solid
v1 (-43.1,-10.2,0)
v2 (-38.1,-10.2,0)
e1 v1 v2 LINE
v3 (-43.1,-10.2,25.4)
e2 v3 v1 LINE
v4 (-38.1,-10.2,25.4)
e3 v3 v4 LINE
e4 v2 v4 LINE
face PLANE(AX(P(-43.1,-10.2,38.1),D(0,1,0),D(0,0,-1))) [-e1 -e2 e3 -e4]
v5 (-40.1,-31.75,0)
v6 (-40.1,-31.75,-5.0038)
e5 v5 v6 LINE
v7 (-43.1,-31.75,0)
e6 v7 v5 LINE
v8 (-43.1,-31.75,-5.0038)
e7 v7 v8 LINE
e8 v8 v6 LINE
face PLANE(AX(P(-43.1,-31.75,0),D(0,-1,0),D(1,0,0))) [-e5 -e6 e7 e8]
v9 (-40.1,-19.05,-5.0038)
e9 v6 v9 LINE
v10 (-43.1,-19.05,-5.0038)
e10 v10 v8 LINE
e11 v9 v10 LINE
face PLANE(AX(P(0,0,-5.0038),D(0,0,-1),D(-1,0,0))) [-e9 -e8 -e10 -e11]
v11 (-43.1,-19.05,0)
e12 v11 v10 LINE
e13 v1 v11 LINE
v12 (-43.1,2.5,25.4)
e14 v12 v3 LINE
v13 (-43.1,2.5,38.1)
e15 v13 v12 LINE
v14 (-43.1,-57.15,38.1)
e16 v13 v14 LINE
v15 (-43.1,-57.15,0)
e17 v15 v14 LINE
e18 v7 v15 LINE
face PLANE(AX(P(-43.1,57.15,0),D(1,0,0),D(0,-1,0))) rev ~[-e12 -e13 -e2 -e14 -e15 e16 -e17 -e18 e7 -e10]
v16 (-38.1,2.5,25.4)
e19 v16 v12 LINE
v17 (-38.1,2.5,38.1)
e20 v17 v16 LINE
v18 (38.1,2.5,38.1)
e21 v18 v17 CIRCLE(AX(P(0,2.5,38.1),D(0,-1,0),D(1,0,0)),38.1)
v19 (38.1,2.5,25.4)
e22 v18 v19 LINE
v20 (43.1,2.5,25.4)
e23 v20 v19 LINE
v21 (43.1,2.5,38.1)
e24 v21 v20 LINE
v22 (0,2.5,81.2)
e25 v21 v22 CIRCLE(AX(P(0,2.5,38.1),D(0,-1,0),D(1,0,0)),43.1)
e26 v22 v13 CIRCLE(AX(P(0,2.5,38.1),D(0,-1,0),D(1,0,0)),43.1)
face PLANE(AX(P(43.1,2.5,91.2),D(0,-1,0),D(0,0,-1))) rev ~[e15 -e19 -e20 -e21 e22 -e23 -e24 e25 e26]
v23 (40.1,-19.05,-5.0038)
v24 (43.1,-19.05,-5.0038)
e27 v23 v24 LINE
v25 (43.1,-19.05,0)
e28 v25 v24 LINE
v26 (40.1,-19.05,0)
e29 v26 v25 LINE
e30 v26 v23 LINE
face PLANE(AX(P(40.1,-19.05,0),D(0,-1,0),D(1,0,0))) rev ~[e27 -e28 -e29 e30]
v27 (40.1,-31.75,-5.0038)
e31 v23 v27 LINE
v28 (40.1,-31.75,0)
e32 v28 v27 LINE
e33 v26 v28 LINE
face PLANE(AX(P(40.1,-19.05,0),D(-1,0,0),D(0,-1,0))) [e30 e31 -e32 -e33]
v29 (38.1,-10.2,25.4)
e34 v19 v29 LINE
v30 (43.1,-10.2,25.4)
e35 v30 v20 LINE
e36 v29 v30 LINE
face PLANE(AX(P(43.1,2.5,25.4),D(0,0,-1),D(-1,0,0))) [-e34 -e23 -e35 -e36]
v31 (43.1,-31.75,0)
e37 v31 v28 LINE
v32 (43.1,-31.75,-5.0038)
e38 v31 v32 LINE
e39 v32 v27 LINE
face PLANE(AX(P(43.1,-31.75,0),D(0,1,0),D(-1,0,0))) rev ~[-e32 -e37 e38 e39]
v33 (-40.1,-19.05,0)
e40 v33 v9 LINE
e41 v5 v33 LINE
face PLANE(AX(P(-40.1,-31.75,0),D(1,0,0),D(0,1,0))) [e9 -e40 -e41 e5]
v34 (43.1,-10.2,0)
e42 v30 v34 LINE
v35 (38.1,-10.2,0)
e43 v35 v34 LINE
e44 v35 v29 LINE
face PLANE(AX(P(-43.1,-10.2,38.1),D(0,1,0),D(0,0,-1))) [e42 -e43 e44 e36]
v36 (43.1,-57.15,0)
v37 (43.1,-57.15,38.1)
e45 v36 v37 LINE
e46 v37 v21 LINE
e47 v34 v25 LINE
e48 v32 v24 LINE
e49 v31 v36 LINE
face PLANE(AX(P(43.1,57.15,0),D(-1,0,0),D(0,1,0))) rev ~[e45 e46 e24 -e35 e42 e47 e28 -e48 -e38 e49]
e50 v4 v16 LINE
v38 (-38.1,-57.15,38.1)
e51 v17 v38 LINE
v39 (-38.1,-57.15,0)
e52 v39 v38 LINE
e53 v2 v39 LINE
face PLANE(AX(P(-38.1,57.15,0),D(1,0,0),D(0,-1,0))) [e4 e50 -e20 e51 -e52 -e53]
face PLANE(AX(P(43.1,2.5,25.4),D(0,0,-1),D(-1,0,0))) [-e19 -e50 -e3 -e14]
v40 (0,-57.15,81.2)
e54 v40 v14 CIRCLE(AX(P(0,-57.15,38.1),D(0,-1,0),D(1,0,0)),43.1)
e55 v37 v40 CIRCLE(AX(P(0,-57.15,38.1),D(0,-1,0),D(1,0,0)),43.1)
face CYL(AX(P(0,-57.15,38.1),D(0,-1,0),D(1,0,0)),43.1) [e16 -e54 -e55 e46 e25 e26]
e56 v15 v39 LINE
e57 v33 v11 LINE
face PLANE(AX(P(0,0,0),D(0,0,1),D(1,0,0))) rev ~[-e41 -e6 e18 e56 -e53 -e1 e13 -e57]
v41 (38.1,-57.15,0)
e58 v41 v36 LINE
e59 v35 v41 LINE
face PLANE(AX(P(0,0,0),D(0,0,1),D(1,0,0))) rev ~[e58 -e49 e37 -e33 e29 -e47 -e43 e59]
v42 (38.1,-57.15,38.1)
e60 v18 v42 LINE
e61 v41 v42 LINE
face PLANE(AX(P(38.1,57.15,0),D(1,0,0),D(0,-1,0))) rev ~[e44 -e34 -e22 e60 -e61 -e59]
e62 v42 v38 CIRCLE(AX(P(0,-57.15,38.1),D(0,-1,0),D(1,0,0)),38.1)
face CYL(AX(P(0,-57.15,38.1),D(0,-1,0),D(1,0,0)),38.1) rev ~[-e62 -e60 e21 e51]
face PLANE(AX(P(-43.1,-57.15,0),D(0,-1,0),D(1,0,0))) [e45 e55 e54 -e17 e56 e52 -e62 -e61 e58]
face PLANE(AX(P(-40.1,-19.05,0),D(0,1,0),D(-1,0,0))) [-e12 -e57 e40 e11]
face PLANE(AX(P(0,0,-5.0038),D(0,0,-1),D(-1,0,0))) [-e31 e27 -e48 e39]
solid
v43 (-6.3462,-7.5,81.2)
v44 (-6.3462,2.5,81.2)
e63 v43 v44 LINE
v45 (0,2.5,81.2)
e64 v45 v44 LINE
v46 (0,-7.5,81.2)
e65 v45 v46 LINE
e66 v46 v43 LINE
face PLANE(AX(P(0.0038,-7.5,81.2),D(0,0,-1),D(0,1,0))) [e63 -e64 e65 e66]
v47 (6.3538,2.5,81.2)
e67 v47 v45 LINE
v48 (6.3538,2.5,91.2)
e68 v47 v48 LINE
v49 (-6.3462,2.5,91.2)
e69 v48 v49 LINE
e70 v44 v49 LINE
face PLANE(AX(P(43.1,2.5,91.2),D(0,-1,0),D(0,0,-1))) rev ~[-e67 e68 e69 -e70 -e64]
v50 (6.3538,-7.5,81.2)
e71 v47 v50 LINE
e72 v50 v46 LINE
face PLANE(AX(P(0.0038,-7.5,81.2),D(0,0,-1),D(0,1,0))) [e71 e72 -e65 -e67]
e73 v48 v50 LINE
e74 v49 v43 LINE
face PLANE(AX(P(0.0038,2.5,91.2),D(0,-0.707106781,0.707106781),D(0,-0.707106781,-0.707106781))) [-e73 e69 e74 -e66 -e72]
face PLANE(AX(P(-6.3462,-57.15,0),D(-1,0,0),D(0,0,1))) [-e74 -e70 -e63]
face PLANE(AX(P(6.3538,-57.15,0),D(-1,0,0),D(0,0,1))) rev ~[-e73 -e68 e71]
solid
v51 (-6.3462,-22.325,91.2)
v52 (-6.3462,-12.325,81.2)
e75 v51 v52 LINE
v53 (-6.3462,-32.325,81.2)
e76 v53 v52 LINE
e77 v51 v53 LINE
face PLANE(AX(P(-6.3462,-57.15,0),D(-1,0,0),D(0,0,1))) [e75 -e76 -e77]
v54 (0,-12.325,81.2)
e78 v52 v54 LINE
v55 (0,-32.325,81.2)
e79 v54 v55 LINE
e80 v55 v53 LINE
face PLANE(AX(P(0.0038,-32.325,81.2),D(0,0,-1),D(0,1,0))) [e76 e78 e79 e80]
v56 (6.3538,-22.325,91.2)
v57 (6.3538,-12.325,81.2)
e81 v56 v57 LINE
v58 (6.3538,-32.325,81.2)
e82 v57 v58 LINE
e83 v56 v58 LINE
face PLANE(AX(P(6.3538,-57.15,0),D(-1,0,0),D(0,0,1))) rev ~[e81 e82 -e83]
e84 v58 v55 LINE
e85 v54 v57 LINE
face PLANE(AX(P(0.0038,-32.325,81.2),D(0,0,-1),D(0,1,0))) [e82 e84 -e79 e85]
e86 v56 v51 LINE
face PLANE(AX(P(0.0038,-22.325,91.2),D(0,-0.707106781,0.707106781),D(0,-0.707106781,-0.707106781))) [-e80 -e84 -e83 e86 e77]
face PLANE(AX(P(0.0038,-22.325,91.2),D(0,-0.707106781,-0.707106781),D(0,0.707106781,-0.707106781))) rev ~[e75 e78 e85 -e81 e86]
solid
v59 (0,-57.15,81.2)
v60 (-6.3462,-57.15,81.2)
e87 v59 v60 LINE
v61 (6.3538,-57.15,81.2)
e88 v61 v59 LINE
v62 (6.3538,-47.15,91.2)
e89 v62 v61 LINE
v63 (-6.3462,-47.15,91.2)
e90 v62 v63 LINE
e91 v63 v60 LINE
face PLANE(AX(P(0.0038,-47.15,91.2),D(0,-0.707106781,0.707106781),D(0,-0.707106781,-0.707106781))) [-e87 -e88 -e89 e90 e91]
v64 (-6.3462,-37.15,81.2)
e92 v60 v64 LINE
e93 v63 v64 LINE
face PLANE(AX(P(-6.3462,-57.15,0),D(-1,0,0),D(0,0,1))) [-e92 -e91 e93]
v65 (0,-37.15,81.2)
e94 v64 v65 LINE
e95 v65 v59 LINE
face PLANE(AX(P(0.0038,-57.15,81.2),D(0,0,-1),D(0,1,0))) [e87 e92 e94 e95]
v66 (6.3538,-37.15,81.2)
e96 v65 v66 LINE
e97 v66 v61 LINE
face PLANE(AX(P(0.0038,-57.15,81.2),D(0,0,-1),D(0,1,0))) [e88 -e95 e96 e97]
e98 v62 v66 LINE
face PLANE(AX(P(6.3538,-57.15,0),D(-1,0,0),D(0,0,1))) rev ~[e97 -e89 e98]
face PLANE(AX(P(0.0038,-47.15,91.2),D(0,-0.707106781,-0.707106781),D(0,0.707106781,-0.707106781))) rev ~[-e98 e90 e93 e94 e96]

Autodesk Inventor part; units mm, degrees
ref_plane "YZ Plane" through (0, 0, 0) normal (1, 0, 0) x (0, 1, 0)
ref_plane "XZ Plane" through (0, 0, 0) normal (0, 1, 0) x (-1, 0, 0)
sketch "Sketch1" plane through (0, 0, 0) normal (0, 0, 1) x (1, 0, 0)
  arc A0 (-38.1, -57.15) -> (38.1, -57.15) centre (0, -57.15) ccw projected
  line L0 (38.1, -57.15) -> (43.1, -57.15) projected
  line L1 (43.1, -57.15) -> (43.1, 62.15) projected
  line L2 (43.1, 62.15) -> (-43.1, 62.15) projected
  line L3 (-43.1, 62.15) -> (-43.1, -57.15) projected
  line L4 (-43.1, -57.15) -> (-38.1, -57.15) projected
  line L5 (14, 57.15) -> (-14, 57.15) projected
  line L6 (14, 57.15) -> (14, 54.15) projected
  line L7 (14, 54.15) -> (-10.002, 54.15) projected
  line L8 (-10.002, 54.15) -> (-10.002, 53.078) projected
  line L9 (-10.002, 53.078) -> (-14, 53.078) projected
  line L10 (-14, 53.078) -> (-14, 57.15) projected
  line L11 (10.16, -7.55) -> (-10.16, -7.55) projected
  line L12 (-10.16, -7.55) -> (-10.16, 9.15) projected
  line L13 (-10.16, 9.15) -> (10.16, 9.15) projected
  line L14 (10.16, 9.15) -> (10.16, -7.55) projected
  circle A1 centre (0, -77.15) radius 5 projected
  line L15 (-19.058, -20.782) -> (-19.058, -16.21) projected
  line L16 (-19.058, -16.21) -> (-17.058, -16.21) projected
  line L17 (-17.058, -16.21) -> (-17.058, -22.782) projected
  line L18 (-17.058, -22.782) -> (-24.598, -22.782) projected
  line L19 (-24.598, -22.782) -> (-24.598, -16.21) projected
  line L20 (-24.598, -16.21) -> (-22.598, -16.21) projected
  line L21 (-22.598, -16.21) -> (-22.598, -20.782) projected
  line L22 (-22.598, -20.782) -> (-19.058, -20.782) projected
  line L23 (-19.058, 7.65) -> (-19.058, 12.222) projected
  line L24 (-19.058, 12.222) -> (-22.598, 12.222) projected
  line L25 (-22.598, 12.222) -> (-22.598, 7.65) projected
  line L26 (-22.598, 7.65) -> (-24.598, 7.65) projected
  line L27 (-24.598, 7.65) -> (-24.598, 14.222) projected
  line L28 (-24.598, 14.222) -> (-17.058, 14.222) projected
  line L29 (-17.058, 14.222) -> (-17.058, 7.65) projected
  line L30 (-17.058, 7.65) -> (-19.058, 7.65) projected
  line L31 (-6.662, 29.218) -> (-6.662, 22.4) projected
  line L32 (-6.662, 22.4) -> (7.275, 22.4) projected
  line L33 (7.275, 22.4) -> (7.275, 19.4) projected
  line L34 (7.275, 19.4) -> (-14.202, 19.4) projected
  line L35 (-14.202, 19.4) -> (-14.202, 29.218) projected
  line L36 (-14.202, 29.218) -> (-12.202, 29.218) projected
  line L37 (-12.202, 29.218) -> (-12.202, 29.221) projected
  line L38 (-12.202, 29.221) -> (-8.662, 29.221) projected
  line L39 (-8.662, 29.221) -> (-8.662, 29.218) projected
  line L40 (-8.662, 29.218) -> (-6.662, 29.218) projected
  line L41 (38.1, -57.15) -> (43.1, -57.15)
  line L42 (43.1, -57.15) -> (43.1, 62.15)
  line L43 (43.1, 62.15) -> (38.1, 62.15)
  line L44 (38.1, 62.15) -> (38.1, -57.15)
  line L45 (-38.1, -57.15) -> (-43.1, -57.15)
  line L46 (-43.1, -57.15) -> (-43.1, 62.15)
  line L47 (-43.1, 62.15) -> (-38.1, 62.15)
  line L48 (-38.1, 62.15) -> (-38.1, -57.15)
  line L49 (-43.1, 62.15) -> (-43.1, 57.15)
  line L50 (-43.1, 57.15) -> (43.1, 57.15)
  line L51 (43.1, 57.15) -> (-43.1, 57.15)
  line L52 (-43.1, 57.15) -> (-43.1, 62.15)
  line L53 (-43.1, 62.15) -> (43.1, 62.15)
  line L54 (43.1, 62.15) -> (43.1, 57.15)
  point P0 (0, 0)
  dimension "d0" = 5
extrude "Extrusion1" add sketch "Sketch1" along normal blind 38.1 contours L4 L3 L50 L48 | L44 L50 L1 L0 | L50 L3 L2 L48 | L48 L2 L44 L50 L5 | L44 L2 L1 L50
sketch "Sketch2" plane through (-43.1, -57.15, 0) normal (0, -1, 0) x (1, 0, 0)
  line L0 (5, 38.1) -> (81.2, 38.1) projected
  arc A0 (81.2, 38.1) -> (5, 38.1) centre (43.1, 38.1) ccw
  line L1 (0, 38.1) -> (5, 38.1) projected
  arc A1 (86.2, 38.1) -> (0, 38.1) centre (43.1, 38.1) ccw
  line L2 (0, 38.1) -> (5, 38.1)
  line L3 (81.2, 38.1) -> (86.2, 38.1) projected
  line L4 (81.2, 38.1) -> (86.2, 38.1)
  point P0 (43.1, 0)
extrude "Extrusion2" add sketch "Sketch2" against normal blind 119.3 contours L1 A1 L3 A0
sketch "Sketch3" plane through (-43.1, 62.15, 0) normal (0, 1, 0) x (1, 0, 0)
  arc A0 (5, -38.1) -> (81.2, -38.1) centre (43.1, -38.1) ccw projected
  line L0 (81.2, -38.1) -> (5, -38.1) projected
  point P0 (43.1, 0)
extrude "Extrusion3" add sketch "Sketch3" against normal blind 5
sketch "Sketch4" plane through (-43.1, 62.15, 0) normal (0, 1, 0) x (1, 0, 0)
  circle A0 centre (43.1, -23.375) radius 3.275 projected
  point P0 (43.1, 0)
extrude "Extrusion4" cut sketch "Sketch4" against normal blind 5
ref_plane "Work Plane1" through (0.0038, -57.15, 0) normal (-1, 0, 0) x (0, 0, 1)
sketch "Sketch5" plane through (0.0038, -57.15, 0) normal (-1, 0, 0) x (0, 0, 1)
  point P0 (0, 57.15)
sketch "Sketch6" plane through (0.0038, -57.15, 0) normal (-1, 0, 0) x (0, 0, 1)
  line L0 (81.2, 0) -> (81.2, 119.3) projected
  line L1 (81.2, 119.3) -> (81.2, 99.3)
  line L2 (81.2, 109.3) -> (91.2, 109.3)
  line L3 (91.2, 109.3) -> (81.2, 119.3)
  line L4 (91.2, 109.3) -> (81.2, 99.3)
  line L5 (91.2, 84.475) -> (81.2, 74.475)
  line L6 (81.2, 84.475) -> (91.2, 84.475)
  line L7 (81.2, 94.475) -> (81.2, 74.475)
  line L8 (91.2, 84.475) -> (81.2, 94.475)
  line L9 (91.2, 59.65) -> (81.2, 49.65)
  line L10 (81.2, 59.65) -> (91.2, 59.65)
  line L11 (81.2, 69.65) -> (81.2, 49.65)
  line L12 (91.2, 59.65) -> (81.2, 69.65)
  line L13 (91.2, 34.825) -> (81.2, 24.825)
  line L14 (81.2, 34.825) -> (91.2, 34.825)
  line L15 (81.2, 44.825) -> (81.2, 24.825)
  line L16 (91.2, 34.825) -> (81.2, 44.825)
  line L17 (91.2, 10) -> (81.2, 0)
  line L18 (81.2, 10) -> (91.2, 10)
  line L19 (81.2, 20) -> (81.2, 0)
  line L20 (91.2, 10) -> (81.2, 20)
  point P0 (0, 57.15)
  dimension "d10" = 20
  dimension "d11" = 10
  dimension "d14" = 24.825
extrude "Extrusion5" add sketch "Sketch6" along normal mid plane 12.7
sketch "Sketch8" plane through (0, 0, 0) normal (0, 0, -1) x (-1, 0, 0)
  line L0 (40.1, 24.05) -> (40.1, 36.75) projected
  line L1 (40.1, -31.75) -> (40.1, -19.05) projected
  line L2 (-40.1, 36.75) -> (-40.1, 24.05) projected
  line L3 (-40.1, -19.05) -> (-40.1, -31.75) projected
  line L4 (43.1, 62.15) -> (43.1, -57.15) projected
  line L5 (40.1, 36.75) -> (43.1, 36.75)
  line L6 (43.1, 36.75) -> (43.1, 24.05)
  line L7 (43.1, 24.05) -> (40.1, 24.05)
  line L8 (40.1, 24.05) -> (40.1, 36.75)
  line L9 (40.1, -19.05) -> (43.1, -19.05)
  line L10 (43.1, -19.05) -> (43.1, -31.75)
  line L11 (43.1, -31.75) -> (40.1, -31.75)
  line L12 (40.1, -31.75) -> (40.1, -19.05)
  line L13 (-43.1, -57.15) -> (-43.1, 62.15) projected
  line L14 (-40.1, -19.05) -> (-43.1, -19.05)
  line L15 (-43.1, -19.05) -> (-43.1, -31.75)
  line L16 (-43.1, -31.75) -> (-40.1, -31.75)
  line L17 (-40.1, -31.75) -> (-40.1, -19.05)
  line L18 (-40.1, 24.05) -> (-43.1, 24.05)
  line L19 (-43.1, 24.05) -> (-43.1, 36.75)
  line L20 (-43.1, 36.75) -> (-40.1, 36.75)
  line L21 (-40.1, 36.75) -> (-40.1, 24.05)
  point P0 (0, 0)
extrude "Extrusion6" add sketch "Sketch8" along normal blind 5.0038
sketch "Sketch9" plane through (43.1, -57.15, 38.1) normal (1, 0, 0) x (0, 0, -1)
  line L0 (-53.1, 59.65) -> (-43.1, 69.65) projected
  line L1 (-53.1, 59.65) -> (78.849, 59.65)
  line L2 (78.849, 59.65) -> (83.1956, -43.5453)
  line L3 (83.1956, -43.5453) -> (-80.8871, -47.5296)
  line L4 (-80.8871, -47.5296) -> (-53.1, 59.65)
  line L5 (-53.1, 59.65) -> (-110.6171, 127.1671)
  line L6 (-110.6171, 127.1671) -> (38.1, 222.9682)
  line L7 (38.1, 222.9682) -> (78.849, 59.65)
  point P0 (38.1, 57.15)
extrude "Extrusion7" cut sketch "Sketch9" against normal blind 2540 contours L5 L6 L7 L1
sketch "Sketch10" plane through (-43.1, -57.15, 0) normal (-1, 0, 0) x (0, 0, 1)
  line L0 (38.1, 59.65) -> (0, 59.65) projected
  line L1 (0, 59.65) -> (38.1, 59.65)
  line L2 (38.1, 59.65) -> (38.1, 46.95)
  line L3 (38.1, 46.95) -> (0, 46.95)
  line L4 (0, 46.95) -> (0, 59.65)
  point P0 (0, 57.15)
  dimension "d25" = 12.7
extrude "Extrusion8" cut sketch "Sketch10" against normal blind 1955.8
sketch "Sketch11" plane through (43.1, 2.5, 38.1) normal (0, 0, -1) x (-1, 0, 0)
  line L0 (81.2, -12.7) -> (81.2, 0) projected
  line L1 (86.2, -12.7) -> (81.2, -12.7) projected
  line L2 (86.2, 0) -> (86.2, -12.7) projected
  line L3 (81.2, 0) -> (86.2, 0) projected
  line L4 (5, 0) -> (5, -12.7) projected
  line L5 (5, 0) -> (5, -12.7) projected
  line L6 (0, 0) -> (5, 0) projected
  line L7 (0, -12.7) -> (0, 0) projected
  line L8 (5, -12.7) -> (0, -12.7) projected
  point P0 (43.1, -2.5)
extrude "Extrusion9" add sketch "Sketch11" along normal blind 12.7
properties part number "Skin2V2"
